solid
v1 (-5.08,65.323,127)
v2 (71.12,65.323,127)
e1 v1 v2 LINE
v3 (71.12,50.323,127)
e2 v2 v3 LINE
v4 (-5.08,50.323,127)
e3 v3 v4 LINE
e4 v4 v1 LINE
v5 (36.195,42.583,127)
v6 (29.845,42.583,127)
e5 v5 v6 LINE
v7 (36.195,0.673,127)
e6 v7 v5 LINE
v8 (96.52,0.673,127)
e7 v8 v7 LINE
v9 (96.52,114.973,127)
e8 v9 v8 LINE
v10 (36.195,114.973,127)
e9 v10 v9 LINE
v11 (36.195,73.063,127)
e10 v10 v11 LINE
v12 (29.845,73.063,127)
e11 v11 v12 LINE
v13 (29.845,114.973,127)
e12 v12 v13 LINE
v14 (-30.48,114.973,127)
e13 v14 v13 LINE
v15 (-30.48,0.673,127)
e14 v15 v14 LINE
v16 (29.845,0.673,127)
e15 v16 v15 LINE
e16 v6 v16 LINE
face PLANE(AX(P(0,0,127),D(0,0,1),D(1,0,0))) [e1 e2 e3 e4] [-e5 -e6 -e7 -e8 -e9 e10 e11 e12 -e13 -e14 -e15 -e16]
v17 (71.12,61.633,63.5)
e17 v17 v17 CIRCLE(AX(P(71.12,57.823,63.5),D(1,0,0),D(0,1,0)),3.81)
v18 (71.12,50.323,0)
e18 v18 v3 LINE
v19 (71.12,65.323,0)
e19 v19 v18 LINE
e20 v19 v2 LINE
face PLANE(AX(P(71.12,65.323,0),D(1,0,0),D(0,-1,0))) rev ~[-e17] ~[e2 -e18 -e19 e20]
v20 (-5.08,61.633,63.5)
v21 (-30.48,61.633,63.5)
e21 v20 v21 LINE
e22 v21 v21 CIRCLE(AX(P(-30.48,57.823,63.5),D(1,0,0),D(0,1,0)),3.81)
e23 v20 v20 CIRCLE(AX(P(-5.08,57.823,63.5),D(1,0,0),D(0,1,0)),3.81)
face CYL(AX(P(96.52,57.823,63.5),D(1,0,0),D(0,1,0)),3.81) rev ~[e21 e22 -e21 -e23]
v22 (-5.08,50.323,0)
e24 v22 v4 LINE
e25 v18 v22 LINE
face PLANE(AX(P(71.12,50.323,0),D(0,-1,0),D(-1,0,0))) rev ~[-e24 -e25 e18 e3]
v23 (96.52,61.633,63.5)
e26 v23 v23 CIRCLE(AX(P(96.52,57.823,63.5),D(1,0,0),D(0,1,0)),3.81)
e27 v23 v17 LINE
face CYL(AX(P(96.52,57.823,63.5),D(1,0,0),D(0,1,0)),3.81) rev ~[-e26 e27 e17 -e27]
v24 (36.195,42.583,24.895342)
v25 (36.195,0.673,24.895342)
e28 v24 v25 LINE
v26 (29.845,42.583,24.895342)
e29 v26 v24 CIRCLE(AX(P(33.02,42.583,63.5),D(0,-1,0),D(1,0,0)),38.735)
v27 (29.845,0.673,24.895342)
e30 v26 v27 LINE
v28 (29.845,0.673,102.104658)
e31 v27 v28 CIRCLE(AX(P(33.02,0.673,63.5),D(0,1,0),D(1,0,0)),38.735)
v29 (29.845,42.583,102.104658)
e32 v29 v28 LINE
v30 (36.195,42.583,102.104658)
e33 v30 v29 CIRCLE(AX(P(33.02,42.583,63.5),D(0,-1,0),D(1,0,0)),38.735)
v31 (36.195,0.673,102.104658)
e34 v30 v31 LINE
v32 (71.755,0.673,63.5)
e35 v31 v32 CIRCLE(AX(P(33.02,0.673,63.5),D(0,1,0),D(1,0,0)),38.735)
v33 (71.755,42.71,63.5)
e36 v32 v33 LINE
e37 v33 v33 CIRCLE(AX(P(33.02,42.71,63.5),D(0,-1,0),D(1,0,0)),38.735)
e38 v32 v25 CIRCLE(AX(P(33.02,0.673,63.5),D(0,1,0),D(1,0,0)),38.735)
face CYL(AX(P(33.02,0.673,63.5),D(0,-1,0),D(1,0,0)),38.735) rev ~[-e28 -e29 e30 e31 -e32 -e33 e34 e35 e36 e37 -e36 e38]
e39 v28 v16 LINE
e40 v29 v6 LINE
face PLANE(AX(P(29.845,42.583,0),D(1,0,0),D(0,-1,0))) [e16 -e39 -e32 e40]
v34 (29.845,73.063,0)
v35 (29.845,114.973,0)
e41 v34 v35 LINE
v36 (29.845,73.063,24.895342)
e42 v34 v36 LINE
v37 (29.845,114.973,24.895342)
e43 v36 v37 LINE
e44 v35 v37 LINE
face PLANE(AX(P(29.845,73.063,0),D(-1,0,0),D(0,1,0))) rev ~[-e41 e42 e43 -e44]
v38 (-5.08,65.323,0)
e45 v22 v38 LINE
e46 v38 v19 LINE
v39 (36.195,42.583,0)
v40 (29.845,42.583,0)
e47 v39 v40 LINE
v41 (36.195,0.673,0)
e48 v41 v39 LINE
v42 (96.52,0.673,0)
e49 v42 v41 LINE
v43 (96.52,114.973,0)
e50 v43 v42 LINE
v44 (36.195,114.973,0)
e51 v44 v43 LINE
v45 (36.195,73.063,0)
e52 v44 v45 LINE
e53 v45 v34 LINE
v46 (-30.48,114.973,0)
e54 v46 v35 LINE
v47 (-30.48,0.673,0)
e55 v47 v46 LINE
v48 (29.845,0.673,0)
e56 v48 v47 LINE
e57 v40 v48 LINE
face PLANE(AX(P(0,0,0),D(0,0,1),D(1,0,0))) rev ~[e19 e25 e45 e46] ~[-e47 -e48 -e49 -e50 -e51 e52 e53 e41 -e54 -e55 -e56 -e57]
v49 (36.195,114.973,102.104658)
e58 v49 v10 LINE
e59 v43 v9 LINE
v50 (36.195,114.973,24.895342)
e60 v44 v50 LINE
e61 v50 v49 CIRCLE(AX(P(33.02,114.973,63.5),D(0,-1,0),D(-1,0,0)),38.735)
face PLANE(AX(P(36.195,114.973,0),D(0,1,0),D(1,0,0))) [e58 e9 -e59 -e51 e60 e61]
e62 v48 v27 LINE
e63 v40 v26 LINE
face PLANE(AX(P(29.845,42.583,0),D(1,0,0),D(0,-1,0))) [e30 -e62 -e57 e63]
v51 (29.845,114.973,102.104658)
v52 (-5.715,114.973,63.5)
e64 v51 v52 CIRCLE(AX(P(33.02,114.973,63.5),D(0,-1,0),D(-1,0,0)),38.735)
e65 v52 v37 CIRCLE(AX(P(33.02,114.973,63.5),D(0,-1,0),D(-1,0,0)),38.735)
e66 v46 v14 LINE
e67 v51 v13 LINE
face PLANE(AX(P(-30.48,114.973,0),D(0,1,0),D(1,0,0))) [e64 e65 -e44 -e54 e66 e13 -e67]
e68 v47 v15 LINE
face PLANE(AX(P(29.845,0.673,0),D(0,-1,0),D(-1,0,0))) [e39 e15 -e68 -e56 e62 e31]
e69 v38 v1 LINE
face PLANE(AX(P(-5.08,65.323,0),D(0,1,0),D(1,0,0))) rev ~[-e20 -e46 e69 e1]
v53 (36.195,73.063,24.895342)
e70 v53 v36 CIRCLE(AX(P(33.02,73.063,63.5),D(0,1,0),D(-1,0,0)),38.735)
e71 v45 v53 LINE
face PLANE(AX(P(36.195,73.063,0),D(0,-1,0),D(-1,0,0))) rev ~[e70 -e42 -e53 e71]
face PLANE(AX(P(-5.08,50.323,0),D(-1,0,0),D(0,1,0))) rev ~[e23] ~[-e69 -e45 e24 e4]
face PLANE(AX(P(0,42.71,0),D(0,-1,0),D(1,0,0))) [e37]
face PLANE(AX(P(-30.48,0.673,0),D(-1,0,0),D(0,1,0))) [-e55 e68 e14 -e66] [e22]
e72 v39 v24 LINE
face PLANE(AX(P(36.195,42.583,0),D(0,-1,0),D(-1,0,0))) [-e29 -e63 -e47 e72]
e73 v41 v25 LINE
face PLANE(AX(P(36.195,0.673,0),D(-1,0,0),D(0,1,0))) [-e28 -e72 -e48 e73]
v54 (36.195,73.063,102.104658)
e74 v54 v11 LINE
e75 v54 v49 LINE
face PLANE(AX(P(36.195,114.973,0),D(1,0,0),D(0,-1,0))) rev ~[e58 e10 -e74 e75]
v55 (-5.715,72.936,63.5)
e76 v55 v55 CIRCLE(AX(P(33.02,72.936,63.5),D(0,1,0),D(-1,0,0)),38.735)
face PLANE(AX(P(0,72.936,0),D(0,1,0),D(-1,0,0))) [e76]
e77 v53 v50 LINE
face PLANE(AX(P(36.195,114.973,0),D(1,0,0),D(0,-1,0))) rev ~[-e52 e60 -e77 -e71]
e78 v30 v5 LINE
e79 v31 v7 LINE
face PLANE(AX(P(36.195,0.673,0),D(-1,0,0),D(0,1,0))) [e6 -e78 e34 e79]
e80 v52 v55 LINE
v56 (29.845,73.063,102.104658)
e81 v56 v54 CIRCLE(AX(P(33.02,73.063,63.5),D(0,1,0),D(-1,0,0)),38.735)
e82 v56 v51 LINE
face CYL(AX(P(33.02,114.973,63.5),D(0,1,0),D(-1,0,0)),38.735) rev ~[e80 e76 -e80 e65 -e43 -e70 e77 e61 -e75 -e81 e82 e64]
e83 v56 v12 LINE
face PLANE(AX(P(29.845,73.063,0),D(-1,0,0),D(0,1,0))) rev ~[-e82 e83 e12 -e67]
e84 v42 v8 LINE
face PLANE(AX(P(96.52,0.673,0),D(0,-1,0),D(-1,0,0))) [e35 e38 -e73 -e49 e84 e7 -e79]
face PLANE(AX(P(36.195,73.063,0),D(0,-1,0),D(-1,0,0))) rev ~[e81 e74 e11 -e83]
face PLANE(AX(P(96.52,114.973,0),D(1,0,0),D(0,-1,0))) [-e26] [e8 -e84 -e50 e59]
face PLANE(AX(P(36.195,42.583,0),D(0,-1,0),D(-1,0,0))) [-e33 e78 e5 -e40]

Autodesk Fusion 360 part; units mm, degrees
sketch "Sketch1" plane through (0, 0, 0) normal (0, 0, 1) x (1, 0, 0)
  line L0 (-30.48, 114.973) -> (96.52, 114.973)
  line L1 (96.52, 114.973) -> (96.52, 0.673)
  line L2 (96.52, 0.673) -> (-30.48, 0.673)
  line L3 (-30.48, 0.673) -> (-30.48, 114.973)
  line L4 (-5.08, 65.323) -> (71.12, 65.323)
  line L5 (71.12, 65.323) -> (71.12, 50.323)
  line L6 (71.12, 50.323) -> (-5.08, 50.323)
  line L7 (-5.08, 50.323) -> (-5.08, 65.323)
  line L8 (29.845, 114.973) -> (36.195, 114.973)
  line L9 (36.195, 114.973) -> (36.195, 73.063)
  line L10 (36.195, 73.063) -> (29.845, 73.063)
  line L11 (29.845, 73.063) -> (29.845, 114.973)
  line L12 (29.845, 0.673) -> (36.195, 0.673)
  line L13 (36.195, 0.673) -> (36.195, 42.583)
  line L14 (36.195, 42.583) -> (29.845, 42.583)
  line L15 (29.845, 42.583) -> (29.845, 0.673)
  dimension "d1" = 114.3
  dimension "d2" = 127
  dimension "d3" = 15
  dimension "d4" = 76.2
  dimension "d5" = 25.4
  dimension "d8" = 49.65
  dimension "d9" = 6.35
  dimension "d10" = 60.325
  dimension "d11" = 41.91
  dimension "d12" = 41.91
  dimension "d13" = 60.325
  dimension "d14" = 6.35
extrude "Extrude1" add sketch "Sketch1" along normal blind 127 contours L0 L1 L2 L3 L9 L10 L11 L13 L14 L15
sketch "Sketch2" plane through (0, 0.673, 0) normal (0, -1, 0) x (1, 0, 0)
  line L0 (-30.48, 0) -> (29.845, 0)
  line L1 (29.845, 0) -> (29.845, 127)
  line L2 (29.845, 127) -> (-30.48, 127)
  line L3 (-30.48, 127) -> (-30.48, 0)
  circle A0 centre (33.02, 63.5) radius 38.735
  dimension "d17" = 77.47
  dimension "d18" = 63.5
  dimension "d19" = 63.5
extrude "Extrude2" cut sketch "Sketch2" against normal blind 42.037 contours L1 A0 | L1 A0
sketch "Sketch3" plane through (0, 114.973, 0) normal (0, 1, 0) x (-1, 0, 0)
  line L0 (-29.845, 0) -> (30.48, 0)
  line L1 (30.48, 0) -> (30.48, 127)
  line L2 (30.48, 127) -> (-29.845, 127)
  line L3 (-29.845, 127) -> (-29.845, 0)
  circle A0 centre (-33.02, 63.5) radius 38.735
  dimension "d22" = 77.47
  dimension "d23" = 63.5
  dimension "d24" = 63.5
extrude "Extrude3" cut sketch "Sketch3" against normal blind 42.037 contours L3 A0 | L3 A0
sketch "Sketch4" plane through (96.52, 0, 0) normal (1, 0, 0) x (0, 1, 0)
  line L0 (0.673, 0) -> (114.973, 0)
  line L1 (114.973, 0) -> (114.973, 127)
  line L2 (114.973, 127) -> (0.673, 127)
  line L3 (0.673, 127) -> (0.673, 0)
  circle A0 centre (57.823, 63.5) radius 3.81
  dimension "d39" = 7.62
  dimension "d40" = 63.5
  dimension "d41" = 57.15
extrude "Extrude4" cut sketch "Sketch4" against normal blind 127 contours A0
